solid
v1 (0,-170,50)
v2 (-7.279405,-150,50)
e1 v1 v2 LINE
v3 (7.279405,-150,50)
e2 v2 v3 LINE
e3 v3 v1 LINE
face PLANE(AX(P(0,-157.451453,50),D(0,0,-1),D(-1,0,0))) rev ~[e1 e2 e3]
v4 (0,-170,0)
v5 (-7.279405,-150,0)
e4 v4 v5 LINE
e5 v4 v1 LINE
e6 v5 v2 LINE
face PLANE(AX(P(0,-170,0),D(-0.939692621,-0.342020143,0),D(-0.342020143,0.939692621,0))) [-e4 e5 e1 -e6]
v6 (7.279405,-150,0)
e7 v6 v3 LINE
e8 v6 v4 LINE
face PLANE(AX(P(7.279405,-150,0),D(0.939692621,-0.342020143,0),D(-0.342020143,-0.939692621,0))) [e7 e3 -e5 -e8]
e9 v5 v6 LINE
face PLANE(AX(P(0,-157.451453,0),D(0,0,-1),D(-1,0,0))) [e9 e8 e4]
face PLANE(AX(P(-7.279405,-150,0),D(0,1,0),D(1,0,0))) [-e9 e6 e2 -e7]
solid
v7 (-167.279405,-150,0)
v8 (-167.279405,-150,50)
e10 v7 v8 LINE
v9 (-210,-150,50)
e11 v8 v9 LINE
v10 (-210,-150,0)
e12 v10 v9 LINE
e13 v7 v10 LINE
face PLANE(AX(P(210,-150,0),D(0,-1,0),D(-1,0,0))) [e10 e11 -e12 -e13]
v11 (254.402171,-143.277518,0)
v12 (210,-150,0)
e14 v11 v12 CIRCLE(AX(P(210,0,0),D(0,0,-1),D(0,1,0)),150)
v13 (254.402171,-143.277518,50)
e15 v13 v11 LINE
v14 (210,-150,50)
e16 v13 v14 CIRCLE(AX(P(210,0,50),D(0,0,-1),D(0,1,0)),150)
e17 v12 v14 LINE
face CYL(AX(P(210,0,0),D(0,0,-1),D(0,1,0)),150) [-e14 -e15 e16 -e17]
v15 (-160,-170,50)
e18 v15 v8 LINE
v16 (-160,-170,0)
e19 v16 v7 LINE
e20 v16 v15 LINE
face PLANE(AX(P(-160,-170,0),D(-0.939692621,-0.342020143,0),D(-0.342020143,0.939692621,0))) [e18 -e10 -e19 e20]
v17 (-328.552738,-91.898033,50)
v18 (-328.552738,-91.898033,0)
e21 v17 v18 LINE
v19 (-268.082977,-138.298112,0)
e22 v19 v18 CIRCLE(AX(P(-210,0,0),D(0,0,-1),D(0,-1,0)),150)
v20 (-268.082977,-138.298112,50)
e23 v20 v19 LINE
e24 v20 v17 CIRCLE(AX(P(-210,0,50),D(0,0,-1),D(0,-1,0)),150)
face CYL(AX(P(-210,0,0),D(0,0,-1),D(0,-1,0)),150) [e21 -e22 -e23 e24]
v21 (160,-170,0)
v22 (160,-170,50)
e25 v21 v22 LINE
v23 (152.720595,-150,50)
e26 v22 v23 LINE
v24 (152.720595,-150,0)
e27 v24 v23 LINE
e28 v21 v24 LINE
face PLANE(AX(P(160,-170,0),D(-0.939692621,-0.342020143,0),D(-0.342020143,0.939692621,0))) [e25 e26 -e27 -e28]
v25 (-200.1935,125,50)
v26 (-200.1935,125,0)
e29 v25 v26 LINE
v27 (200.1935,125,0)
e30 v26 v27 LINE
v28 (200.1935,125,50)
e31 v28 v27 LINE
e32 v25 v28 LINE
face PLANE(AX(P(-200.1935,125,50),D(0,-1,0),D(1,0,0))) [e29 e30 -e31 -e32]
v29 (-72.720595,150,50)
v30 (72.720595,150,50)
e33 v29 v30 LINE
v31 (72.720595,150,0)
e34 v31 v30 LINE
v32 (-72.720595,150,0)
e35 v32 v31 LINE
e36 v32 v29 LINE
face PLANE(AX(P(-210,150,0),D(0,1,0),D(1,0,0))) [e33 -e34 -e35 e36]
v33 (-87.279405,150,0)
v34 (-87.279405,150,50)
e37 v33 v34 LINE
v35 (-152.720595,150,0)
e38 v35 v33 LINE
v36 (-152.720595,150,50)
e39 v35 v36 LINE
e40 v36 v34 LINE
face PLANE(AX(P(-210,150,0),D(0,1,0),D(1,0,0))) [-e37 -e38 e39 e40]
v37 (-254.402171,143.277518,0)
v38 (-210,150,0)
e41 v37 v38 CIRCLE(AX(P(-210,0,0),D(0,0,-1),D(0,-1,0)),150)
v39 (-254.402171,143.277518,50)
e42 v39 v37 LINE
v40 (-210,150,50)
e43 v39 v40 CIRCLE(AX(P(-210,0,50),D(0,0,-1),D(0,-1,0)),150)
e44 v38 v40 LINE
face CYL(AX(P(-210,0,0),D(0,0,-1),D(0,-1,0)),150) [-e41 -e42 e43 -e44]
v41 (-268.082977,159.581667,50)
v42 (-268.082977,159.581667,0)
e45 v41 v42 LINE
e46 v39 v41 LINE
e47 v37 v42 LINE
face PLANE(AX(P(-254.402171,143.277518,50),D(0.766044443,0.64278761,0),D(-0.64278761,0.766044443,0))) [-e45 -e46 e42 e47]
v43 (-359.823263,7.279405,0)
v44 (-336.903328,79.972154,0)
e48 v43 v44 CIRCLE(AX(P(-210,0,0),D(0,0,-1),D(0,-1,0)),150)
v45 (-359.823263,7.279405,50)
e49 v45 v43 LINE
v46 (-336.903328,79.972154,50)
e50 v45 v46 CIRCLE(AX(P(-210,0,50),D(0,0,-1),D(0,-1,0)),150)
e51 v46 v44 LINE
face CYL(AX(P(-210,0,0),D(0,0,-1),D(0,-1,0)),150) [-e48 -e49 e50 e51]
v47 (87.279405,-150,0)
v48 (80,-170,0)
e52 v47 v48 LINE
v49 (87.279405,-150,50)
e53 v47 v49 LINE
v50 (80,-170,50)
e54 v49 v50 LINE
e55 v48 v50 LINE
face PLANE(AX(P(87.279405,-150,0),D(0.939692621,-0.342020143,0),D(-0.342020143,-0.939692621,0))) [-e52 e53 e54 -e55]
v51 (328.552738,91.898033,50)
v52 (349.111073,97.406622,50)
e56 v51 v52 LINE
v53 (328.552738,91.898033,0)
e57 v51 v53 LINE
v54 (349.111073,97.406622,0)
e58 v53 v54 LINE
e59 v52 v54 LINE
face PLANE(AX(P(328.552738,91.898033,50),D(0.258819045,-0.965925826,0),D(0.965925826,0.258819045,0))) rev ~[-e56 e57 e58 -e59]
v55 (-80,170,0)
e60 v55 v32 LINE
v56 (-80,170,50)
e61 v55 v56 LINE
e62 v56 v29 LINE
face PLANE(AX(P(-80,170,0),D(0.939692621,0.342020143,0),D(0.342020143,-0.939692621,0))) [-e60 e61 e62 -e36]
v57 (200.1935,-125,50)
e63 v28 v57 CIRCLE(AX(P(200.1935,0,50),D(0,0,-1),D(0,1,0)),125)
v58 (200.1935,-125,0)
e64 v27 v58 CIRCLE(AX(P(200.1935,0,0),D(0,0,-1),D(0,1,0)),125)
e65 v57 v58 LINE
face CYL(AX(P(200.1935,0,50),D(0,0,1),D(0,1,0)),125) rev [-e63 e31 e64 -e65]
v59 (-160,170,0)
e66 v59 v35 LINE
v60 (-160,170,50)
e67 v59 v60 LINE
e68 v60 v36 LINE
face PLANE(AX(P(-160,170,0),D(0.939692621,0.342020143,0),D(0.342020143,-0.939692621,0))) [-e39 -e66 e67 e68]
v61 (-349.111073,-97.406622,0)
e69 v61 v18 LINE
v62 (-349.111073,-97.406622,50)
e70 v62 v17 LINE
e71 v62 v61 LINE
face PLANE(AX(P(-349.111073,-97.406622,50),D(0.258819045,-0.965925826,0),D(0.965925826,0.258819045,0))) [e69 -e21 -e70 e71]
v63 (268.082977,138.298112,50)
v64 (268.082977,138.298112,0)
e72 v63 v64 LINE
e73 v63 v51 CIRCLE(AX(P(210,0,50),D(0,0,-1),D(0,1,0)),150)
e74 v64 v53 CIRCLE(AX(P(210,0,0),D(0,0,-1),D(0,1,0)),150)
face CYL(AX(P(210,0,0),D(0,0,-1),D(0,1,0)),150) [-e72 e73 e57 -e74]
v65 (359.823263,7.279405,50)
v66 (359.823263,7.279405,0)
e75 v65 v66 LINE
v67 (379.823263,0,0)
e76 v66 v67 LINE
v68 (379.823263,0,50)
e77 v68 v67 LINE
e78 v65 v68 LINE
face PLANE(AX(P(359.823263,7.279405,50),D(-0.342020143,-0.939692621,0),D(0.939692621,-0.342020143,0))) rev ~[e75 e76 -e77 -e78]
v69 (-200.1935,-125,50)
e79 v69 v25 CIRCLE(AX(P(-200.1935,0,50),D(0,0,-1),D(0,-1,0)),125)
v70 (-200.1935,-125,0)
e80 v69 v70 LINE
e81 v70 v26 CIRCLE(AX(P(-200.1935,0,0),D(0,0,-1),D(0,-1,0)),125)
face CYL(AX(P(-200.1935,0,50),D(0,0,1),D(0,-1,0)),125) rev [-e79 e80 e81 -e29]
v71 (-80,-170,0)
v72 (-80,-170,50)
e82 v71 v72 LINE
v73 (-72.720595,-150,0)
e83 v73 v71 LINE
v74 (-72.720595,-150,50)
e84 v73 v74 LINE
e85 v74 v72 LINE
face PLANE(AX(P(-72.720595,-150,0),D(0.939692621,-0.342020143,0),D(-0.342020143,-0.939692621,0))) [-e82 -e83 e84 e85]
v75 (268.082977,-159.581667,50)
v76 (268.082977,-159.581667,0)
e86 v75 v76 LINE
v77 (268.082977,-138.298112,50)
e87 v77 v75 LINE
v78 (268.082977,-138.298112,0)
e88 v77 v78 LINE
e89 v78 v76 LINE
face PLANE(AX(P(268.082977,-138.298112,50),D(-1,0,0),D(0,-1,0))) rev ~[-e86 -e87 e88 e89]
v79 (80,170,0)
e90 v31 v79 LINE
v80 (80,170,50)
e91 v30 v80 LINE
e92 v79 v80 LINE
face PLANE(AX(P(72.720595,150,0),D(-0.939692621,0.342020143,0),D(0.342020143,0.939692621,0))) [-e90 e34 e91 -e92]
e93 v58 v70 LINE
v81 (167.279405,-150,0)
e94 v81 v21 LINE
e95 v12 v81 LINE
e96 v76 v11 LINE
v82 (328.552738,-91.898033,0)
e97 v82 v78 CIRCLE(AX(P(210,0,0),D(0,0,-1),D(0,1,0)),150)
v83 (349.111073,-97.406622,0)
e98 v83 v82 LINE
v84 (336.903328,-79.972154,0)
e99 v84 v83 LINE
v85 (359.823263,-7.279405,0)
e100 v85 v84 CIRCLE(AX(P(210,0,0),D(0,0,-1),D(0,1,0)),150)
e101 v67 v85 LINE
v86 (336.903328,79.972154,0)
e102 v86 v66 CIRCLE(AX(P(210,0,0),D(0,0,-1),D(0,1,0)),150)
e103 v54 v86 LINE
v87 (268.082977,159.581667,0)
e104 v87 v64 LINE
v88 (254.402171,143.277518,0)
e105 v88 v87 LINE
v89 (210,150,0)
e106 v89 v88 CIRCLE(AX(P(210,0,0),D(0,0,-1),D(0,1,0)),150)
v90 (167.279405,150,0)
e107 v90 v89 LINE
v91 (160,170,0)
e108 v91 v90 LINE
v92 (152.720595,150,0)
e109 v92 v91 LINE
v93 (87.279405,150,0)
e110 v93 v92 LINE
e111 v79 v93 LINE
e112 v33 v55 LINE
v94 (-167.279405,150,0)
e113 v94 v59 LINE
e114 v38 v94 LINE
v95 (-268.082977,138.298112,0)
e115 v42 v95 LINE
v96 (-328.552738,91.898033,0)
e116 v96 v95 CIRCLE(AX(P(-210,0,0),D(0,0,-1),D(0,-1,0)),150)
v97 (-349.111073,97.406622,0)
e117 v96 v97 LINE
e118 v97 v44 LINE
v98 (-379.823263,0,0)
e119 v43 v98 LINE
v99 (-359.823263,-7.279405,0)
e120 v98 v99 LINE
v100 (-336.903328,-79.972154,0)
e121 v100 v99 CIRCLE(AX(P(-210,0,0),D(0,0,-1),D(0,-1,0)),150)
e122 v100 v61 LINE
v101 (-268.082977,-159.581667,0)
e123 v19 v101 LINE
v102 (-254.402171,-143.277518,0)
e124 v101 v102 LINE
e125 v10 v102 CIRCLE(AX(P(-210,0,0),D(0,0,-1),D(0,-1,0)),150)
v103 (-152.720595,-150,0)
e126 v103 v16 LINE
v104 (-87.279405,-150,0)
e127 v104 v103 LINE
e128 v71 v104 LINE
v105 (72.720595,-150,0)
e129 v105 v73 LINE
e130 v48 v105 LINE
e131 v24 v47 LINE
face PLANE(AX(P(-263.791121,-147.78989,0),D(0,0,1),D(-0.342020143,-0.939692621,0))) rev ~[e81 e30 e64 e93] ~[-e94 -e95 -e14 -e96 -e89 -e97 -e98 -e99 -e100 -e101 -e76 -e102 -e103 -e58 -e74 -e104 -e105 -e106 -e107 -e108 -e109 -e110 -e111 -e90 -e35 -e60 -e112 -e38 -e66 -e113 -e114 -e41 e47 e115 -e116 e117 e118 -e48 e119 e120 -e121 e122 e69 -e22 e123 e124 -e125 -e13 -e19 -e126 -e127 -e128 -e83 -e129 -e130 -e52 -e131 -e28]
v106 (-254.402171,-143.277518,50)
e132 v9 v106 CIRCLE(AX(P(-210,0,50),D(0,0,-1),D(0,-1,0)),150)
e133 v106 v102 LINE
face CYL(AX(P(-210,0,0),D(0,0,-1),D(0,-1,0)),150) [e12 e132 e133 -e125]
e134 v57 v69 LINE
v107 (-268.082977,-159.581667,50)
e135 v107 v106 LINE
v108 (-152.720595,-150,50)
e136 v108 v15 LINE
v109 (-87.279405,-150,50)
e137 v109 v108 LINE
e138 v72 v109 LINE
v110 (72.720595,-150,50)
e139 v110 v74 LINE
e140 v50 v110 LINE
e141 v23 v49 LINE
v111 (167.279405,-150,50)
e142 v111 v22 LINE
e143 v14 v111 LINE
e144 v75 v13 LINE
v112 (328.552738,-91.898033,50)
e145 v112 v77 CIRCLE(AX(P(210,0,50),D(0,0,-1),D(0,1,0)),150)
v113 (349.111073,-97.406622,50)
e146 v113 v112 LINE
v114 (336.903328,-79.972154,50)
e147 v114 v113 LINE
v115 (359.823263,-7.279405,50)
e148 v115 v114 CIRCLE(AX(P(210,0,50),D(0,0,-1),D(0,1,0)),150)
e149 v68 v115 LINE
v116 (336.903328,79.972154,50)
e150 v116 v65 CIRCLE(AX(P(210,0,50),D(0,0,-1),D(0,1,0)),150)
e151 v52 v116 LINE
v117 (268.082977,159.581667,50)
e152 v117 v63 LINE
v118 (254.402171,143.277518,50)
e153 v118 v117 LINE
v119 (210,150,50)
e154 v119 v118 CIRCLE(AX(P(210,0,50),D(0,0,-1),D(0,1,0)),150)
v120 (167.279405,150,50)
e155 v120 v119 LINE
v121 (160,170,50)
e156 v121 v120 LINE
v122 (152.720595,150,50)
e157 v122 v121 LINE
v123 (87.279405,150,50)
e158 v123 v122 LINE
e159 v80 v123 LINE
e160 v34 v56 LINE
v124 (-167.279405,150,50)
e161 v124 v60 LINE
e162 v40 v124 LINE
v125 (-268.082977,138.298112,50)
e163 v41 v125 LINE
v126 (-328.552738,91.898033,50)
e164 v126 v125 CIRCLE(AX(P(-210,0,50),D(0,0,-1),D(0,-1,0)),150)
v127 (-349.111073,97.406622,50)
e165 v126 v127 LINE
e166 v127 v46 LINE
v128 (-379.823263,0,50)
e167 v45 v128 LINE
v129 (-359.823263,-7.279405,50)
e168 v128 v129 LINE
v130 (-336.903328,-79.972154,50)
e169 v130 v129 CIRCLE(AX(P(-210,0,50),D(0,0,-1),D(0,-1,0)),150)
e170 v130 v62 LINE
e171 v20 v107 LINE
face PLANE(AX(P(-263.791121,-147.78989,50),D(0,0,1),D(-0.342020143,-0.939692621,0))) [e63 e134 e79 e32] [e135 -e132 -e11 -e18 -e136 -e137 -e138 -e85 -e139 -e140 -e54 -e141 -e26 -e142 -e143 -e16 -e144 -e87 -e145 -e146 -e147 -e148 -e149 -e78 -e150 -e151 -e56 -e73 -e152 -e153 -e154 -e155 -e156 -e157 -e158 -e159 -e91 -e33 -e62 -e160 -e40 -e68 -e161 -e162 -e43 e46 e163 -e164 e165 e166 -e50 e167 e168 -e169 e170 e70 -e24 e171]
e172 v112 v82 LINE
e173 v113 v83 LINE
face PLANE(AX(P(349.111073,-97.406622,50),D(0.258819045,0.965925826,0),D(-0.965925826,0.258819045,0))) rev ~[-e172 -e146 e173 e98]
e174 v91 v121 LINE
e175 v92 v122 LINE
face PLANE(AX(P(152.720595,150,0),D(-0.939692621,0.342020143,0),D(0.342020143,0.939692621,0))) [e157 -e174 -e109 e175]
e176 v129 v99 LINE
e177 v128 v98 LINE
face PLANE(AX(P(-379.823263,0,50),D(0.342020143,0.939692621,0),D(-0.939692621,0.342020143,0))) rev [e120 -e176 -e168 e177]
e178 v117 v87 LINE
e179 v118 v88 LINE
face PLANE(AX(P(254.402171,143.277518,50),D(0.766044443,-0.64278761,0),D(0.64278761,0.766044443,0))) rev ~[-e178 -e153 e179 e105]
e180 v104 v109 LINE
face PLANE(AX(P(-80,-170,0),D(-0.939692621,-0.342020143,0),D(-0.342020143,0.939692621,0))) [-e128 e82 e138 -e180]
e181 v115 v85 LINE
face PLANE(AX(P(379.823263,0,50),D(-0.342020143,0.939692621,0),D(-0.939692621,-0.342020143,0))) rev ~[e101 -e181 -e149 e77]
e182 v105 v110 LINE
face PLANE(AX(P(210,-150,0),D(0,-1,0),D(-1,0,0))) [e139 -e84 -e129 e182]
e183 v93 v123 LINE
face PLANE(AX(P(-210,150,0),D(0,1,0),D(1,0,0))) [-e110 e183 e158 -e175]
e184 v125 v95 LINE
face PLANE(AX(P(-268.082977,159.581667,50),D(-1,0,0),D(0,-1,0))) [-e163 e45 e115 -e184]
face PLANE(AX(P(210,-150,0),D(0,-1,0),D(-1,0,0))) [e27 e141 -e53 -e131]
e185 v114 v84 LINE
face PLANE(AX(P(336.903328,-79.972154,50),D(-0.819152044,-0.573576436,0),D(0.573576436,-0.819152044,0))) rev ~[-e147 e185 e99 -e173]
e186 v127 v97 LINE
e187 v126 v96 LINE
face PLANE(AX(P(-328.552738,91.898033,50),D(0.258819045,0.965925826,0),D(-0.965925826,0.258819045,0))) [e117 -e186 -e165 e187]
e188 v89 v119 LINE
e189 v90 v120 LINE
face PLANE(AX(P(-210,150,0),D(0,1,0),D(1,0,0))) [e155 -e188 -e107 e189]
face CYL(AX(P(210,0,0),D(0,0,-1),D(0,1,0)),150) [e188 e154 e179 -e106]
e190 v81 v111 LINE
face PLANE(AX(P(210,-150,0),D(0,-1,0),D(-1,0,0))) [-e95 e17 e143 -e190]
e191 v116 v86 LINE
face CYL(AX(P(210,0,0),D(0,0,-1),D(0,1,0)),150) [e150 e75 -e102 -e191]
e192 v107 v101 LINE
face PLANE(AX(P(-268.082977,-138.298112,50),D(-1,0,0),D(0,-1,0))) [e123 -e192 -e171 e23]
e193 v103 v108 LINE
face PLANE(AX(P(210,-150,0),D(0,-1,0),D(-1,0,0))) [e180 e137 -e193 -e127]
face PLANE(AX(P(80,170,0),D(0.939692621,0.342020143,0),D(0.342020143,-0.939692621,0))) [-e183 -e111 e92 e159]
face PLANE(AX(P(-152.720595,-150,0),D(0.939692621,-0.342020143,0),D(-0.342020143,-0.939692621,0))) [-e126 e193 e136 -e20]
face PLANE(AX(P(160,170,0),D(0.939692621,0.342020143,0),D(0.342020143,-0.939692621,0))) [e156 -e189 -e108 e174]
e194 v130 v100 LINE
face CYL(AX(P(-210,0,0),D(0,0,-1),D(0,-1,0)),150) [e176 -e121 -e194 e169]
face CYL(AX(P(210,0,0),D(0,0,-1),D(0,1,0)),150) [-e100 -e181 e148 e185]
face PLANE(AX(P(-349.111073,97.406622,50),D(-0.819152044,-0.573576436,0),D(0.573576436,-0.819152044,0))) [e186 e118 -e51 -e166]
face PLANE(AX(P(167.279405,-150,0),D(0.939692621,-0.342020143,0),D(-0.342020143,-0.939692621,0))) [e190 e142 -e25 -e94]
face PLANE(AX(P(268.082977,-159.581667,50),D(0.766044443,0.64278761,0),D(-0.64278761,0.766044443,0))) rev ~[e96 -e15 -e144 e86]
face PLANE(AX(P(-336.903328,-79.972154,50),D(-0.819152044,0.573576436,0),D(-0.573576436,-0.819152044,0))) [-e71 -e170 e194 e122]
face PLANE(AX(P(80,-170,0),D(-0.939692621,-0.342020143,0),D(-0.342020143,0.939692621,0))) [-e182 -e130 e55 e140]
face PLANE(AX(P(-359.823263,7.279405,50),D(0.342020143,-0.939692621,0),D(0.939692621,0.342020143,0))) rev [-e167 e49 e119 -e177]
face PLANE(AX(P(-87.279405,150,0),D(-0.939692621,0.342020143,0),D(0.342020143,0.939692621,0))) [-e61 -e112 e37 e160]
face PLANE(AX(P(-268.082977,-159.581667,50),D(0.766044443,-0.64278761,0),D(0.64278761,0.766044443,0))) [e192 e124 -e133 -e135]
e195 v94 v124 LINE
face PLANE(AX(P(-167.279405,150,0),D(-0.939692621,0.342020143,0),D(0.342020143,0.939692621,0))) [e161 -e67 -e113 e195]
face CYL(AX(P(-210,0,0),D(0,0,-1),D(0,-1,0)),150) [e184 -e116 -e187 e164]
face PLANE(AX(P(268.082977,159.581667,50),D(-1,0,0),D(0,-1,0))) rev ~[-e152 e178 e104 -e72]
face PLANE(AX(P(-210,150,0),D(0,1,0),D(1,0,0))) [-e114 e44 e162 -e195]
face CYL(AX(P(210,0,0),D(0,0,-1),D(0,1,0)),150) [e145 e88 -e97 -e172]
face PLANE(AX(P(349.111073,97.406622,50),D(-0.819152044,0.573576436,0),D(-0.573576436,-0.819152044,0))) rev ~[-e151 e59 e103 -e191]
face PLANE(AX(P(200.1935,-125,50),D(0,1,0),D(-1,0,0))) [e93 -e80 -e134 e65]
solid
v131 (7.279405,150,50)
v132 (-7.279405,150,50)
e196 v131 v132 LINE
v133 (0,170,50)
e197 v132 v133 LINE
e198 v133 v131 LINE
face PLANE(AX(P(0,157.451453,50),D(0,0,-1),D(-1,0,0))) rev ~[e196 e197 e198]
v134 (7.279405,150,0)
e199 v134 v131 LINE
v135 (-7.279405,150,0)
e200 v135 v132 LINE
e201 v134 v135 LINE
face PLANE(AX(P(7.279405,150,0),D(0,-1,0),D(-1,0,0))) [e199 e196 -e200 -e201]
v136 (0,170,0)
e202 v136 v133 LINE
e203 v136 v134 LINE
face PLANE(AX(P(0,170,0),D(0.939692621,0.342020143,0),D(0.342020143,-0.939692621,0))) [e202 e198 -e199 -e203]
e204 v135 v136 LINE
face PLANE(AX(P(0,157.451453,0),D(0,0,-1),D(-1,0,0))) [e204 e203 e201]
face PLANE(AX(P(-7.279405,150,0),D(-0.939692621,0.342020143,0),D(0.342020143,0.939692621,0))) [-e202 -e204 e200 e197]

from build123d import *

# Parameters (mm, degrees)
BOSS_EXTRUDE1_DEPTH   = 50
CUT_EXTRUDE1_DEPTH    = 50
BOSS_EXTRUDE2_DEPTH   = 50
BOSS_EXTRUDE2_2_DEPTH = 50
LPATTERN1_COUNT       = 4
LPATTERN1_PITCH       = 80
LPATTERN2_COUNT       = 4
LPATTERN2_PITCH       = 80
BOSS_EXTRUDE3_DEPTH   = 50
CIRPATTERN1_COUNT     = 3
CIRPATTERN1_ANGLE     = 70
CIRPATTERN2_COUNT     = 3
CIRPATTERN2_ANGLE     = 70
MIRROR1_COPY_1_DEPTH  = 50
MIRROR1_COPY_2_DEPTH  = 50
MIRROR1_COPY_3_DEPTH  = 50
MIRROR1_COPY_4_DEPTH  = 50


with BuildPart() as part:
    # Sketch1 → Boss-Extrude1 (new body)
    with BuildSketch(Plane.XY):
        with BuildLine():
            Line((-210, 150), (210, 150))
            ThreePointArc((210, 150), (360, 0), (210, -150))
            Line((210, -150), (-210, -150))
            ThreePointArc((-210, -150), (-360, 0), (-210, 150))
        make_face()
    extrude(amount=BOSS_EXTRUDE1_DEPTH)

    # Sketch2 → Cut-Extrude1 (cut)
    with BuildSketch(Plane.XY.offset(50)):
        with BuildLine():
            Line((200.1935, -125), (-200.1935, -125))
            ThreePointArc((-200.1935, -125), (-325.1935, 0), (-200.1935, 125))
            Line((-200.1935, 125), (200.1935, 125))
            ThreePointArc((200.1935, 125), (325.1935, 0), (200.1935, -125))
        make_face()
    extrude(amount=-CUT_EXTRUDE1_DEPTH, mode=Mode.SUBTRACT)


with BuildPart() as body_2:
    # Sketch3 → Boss-Extrude2 (new body)
    with BuildSketch(Plane.XY):
        Polygon((-7.279404685, 150), (0, 170), (7.279404685, 150), align=None)
    boss_extrude2 = extrude(amount=BOSS_EXTRUDE2_DEPTH)


with BuildPart() as body_3:
    # Sketch3 → Boss-Extrude2 2 (new body)
    with BuildSketch(Plane.XY):
        Polygon((7.279404685, -150), (0, -170), (-7.279404685, -150), align=None)
    boss_extrude2_2 = extrude(amount=BOSS_EXTRUDE2_2_DEPTH)


with BuildPart() as part_1:
    add(part.part)

    # LPattern1: Boss-Extrude2, Boss-Extrude2 2 ×4, 1 skipped
    with Locations(*[(i * LPATTERN1_PITCH, 0, 0) for i in range(1, LPATTERN1_COUNT) if i not in (3,)]):
        add(boss_extrude2)
        add(boss_extrude2_2)

    # LPattern2: Boss-Extrude2, Boss-Extrude2 2 ×4, 1 skipped
    with Locations(*[(-i * LPATTERN2_PITCH, 0, 0) for i in range(1, LPATTERN2_COUNT) if i not in (3,)]):
        add(boss_extrude2)
        add(boss_extrude2_2)

    # Sketch4 → Boss-Extrude3 (add)
    with BuildSketch(Plane.XY.offset(50)):
        Polygon((359.823263439, 7.279404685), (379.823263439, 0), (359.823263439, -7.279404685), align=None)
    boss_extrude3 = extrude(amount=-BOSS_EXTRUDE3_DEPTH)

    # CirPattern1: Boss-Extrude3 ×3 about axis
    cirpattern1_axis = Axis((210, 0, 0), (0, 0, 1))
    for i in range(1, CIRPATTERN1_COUNT):
        add(boss_extrude3.rotate(cirpattern1_axis, i * CIRPATTERN1_ANGLE / (CIRPATTERN1_COUNT - 1)))

    # CirPattern2: Boss-Extrude3 ×3 about axis
    cirpattern2_axis = Axis((210, 0, 0), (0, 0, -1))
    for i in range(1, CIRPATTERN2_COUNT):
        add(boss_extrude3.rotate(cirpattern2_axis, i * CIRPATTERN2_ANGLE / (CIRPATTERN2_COUNT - 1)))

    # Mirror1: Boss-Extrude3 across plane
    add(boss_extrude3.mirror(Plane(origin=(0, 0, 0), x_dir=(0, 0, 1), z_dir=(1, 0, 0))))

    # Mirror1 copy 1 sketch → Mirror1 copy 1 (add)
    with BuildSketch(Plane(origin=(-37.978070699, -120.451051634, 50), x_dir=(-0.819152044288991, 0.5735764363510473, 0), z_dir=(0, 0, 1))):
        Polygon((359.823263439, -7.279404685), (379.823263439, 0), (359.823263439, 7.279404685), align=None)
    extrude(amount=-MIRROR1_COPY_1_DEPTH)

    # Mirror1 copy 2 sketch → Mirror1 copy 2 (add)
    with BuildSketch(Plane(origin=(-138.175769902, -197.335450365, 50), x_dir=(-0.3420201433256661, 0.9396926207859093, 0), z_dir=(0, 0, 1))):
        Polygon((359.823263439, -7.279404685), (379.823263439, 0), (359.823263439, 7.279404685), align=None)
    extrude(amount=-MIRROR1_COPY_2_DEPTH)

    # Mirror1 copy 3 sketch → Mirror1 copy 3 (add)
    with BuildSketch(Plane(origin=(-37.978070699, 120.451051634, 50), x_dir=(-0.819152044288991, -0.5735764363510473, 0), z_dir=(0, 0, 1))):
        Polygon((359.823263439, -7.279404685), (379.823263439, 0), (359.823263439, 7.279404685), align=None)
    extrude(amount=-MIRROR1_COPY_3_DEPTH)

    # Mirror1 copy 4 sketch → Mirror1 copy 4 (add)
    with BuildSketch(Plane(origin=(-138.175769902, 197.335450365, 50), x_dir=(-0.3420201433256661, -0.9396926207859093, 0), z_dir=(0, 0, 1))):
        Polygon((359.823263439, -7.279404685), (379.823263439, 0), (359.823263439, 7.279404685), align=None)
    extrude(amount=-MIRROR1_COPY_4_DEPTH)


solid = Compound([body_2.part, body_3.part, part_1.part])
